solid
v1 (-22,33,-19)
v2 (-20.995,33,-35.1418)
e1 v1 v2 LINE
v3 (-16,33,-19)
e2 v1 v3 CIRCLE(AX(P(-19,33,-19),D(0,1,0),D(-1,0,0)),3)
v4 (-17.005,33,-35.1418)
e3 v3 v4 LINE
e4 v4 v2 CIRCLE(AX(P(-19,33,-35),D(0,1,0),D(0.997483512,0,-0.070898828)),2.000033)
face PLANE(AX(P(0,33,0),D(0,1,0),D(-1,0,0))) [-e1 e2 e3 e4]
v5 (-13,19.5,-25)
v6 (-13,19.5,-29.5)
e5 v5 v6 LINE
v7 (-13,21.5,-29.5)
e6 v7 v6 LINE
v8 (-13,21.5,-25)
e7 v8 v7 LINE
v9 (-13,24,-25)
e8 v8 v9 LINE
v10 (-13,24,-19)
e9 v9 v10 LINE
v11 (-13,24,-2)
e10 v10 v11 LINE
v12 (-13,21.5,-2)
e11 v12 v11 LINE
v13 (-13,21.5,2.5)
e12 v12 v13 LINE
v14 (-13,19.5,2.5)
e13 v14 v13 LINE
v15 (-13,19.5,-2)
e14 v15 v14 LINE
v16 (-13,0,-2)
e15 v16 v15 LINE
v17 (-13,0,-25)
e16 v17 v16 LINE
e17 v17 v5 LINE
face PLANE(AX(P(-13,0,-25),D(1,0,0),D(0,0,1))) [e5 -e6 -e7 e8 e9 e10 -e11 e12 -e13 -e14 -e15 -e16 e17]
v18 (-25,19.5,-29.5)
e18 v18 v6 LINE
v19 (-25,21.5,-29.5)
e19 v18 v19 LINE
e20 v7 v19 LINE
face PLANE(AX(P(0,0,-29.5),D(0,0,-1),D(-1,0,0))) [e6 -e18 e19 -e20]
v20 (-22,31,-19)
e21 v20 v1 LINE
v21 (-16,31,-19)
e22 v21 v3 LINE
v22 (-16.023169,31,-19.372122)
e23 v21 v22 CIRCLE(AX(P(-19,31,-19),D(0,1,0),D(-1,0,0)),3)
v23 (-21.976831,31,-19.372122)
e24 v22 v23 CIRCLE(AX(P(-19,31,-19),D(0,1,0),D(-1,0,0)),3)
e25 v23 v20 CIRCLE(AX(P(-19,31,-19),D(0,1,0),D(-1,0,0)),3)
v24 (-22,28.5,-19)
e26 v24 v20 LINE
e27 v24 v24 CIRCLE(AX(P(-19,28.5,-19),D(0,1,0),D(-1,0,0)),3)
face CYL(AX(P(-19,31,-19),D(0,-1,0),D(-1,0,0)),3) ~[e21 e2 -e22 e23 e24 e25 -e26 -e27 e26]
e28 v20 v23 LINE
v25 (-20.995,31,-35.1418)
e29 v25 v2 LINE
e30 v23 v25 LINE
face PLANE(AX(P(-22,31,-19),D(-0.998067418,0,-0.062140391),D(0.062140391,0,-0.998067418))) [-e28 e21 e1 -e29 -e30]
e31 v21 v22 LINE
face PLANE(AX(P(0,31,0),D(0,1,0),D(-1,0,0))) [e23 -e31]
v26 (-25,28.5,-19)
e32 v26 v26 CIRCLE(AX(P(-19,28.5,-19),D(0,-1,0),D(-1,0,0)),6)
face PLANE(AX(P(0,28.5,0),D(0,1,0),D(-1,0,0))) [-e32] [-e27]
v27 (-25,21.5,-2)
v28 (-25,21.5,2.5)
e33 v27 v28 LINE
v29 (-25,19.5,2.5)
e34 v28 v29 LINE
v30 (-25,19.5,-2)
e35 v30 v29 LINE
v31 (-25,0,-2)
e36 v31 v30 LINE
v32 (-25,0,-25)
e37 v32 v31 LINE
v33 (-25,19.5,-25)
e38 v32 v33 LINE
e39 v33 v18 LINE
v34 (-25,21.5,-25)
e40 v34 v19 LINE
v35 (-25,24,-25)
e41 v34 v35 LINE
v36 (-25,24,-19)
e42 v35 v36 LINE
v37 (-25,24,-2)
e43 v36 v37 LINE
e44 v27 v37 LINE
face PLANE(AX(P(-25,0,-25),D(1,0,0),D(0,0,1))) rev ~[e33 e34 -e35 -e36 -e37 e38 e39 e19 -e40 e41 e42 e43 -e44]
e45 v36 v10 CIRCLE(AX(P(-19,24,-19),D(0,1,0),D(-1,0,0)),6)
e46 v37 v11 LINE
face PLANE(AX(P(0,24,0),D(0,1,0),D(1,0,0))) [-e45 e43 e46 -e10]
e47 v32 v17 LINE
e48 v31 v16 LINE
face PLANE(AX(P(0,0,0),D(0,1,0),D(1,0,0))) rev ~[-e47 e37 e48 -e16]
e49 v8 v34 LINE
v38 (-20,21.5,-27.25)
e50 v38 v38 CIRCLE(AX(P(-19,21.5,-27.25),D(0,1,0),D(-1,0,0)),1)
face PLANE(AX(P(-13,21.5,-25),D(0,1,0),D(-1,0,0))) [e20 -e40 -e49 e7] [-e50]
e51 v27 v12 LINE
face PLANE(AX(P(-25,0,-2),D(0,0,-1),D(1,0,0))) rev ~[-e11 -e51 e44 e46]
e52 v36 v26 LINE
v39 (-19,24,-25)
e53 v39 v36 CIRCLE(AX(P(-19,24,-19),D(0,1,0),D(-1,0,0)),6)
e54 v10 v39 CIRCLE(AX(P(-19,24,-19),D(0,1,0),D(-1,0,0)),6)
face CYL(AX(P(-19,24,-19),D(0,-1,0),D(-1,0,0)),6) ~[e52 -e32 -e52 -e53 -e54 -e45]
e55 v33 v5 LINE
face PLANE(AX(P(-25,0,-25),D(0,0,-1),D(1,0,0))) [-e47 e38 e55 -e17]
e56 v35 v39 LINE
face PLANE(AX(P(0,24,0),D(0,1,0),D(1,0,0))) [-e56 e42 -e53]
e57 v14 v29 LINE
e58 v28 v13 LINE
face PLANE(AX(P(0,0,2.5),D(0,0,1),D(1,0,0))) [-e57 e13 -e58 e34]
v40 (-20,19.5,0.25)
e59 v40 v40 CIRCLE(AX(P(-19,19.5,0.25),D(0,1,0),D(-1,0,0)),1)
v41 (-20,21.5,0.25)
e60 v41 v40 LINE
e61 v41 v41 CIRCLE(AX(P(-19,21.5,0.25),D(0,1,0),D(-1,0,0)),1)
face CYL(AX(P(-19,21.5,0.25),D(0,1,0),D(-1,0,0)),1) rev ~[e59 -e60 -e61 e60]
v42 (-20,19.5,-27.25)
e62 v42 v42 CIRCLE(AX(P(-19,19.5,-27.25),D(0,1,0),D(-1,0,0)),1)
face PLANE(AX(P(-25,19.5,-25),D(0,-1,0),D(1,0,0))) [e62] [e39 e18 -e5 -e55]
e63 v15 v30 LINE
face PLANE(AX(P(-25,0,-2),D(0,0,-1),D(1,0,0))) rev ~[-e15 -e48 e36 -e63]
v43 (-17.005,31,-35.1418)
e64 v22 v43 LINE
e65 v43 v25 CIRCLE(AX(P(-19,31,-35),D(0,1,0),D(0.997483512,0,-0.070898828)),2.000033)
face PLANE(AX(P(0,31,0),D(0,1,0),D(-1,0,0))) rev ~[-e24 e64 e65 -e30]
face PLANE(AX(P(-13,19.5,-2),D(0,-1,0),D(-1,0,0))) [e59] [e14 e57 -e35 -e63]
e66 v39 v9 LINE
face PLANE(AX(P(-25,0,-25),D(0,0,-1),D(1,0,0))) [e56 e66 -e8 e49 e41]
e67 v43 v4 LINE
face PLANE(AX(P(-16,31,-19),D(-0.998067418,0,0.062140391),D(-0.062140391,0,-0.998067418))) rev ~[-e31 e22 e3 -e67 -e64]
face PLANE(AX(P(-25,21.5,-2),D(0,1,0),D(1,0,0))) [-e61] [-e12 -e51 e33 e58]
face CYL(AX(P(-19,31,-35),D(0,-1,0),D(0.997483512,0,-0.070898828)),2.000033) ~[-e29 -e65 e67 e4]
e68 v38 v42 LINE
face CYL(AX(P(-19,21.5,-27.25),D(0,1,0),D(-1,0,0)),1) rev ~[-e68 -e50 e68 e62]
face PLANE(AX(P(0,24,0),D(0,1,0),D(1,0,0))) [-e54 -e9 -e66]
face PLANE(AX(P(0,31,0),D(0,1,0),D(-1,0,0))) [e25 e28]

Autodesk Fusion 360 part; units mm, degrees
sketch "Boceto1" plane through (0, 0, 0) normal (0, 1, 0) x (1, 0, 0)
  line L0 (-25, 25) -> (-25, 2)
  line L1 (-25, 25) -> (-13, 25)
  line L2 (-13, 25) -> (-13, 2)
  line L3 (-25, 2) -> (-13, 2)
  dimension "d1" = 23
  dimension "d2" = 12
extrude "Extruir1" add sketch "Boceto1" along normal blind 24
sketch "Boceto2" plane through (0, 0, -2) normal (0, 0, 1) x (1, 0, 0)
  line L0 (-25, 0) -> (-13, 0)
  line L1 (-13, 0) -> (-13, 24)
  line L2 (-13, 24) -> (-25, 24)
  line L3 (-25, 24) -> (-25, 0)
  line L4 (-13, 19.5) -> (-25, 19.5)
  line L5 (-25, 19.5) -> (-25, 21.5)
  line L6 (-25, 21.5) -> (-13, 21.5)
  line L7 (-13, 21.5) -> (-13, 19.5)
  dimension "d5" = 19.5
  dimension "d6" = 2
extrude "Extruir2" add sketch "Boceto2" along normal blind 4.5 contours L1 L3 L4 L5 L6 L7
sketch "Boceto3" plane through (0, 0, -25) normal (0, 0, -1) x (-1, 0, 0)
  line L0 (13, 0) -> (25, 0)
  line L1 (25, 0) -> (25, 24)
  line L2 (25, 24) -> (13, 24)
  line L3 (13, 24) -> (13, 0)
  line L4 (25, 19.5) -> (13, 19.5)
  line L5 (13, 19.5) -> (13, 21.5)
  line L6 (13, 21.5) -> (25, 21.5)
  line L7 (25, 21.5) -> (25, 19.5)
  dimension "d9" = 19.5
  dimension "d10" = 2
extrude "Extruir3" add sketch "Boceto3" along normal blind 4.5 contours L1 L3 L4 L5 L6 L7
sketch "Boceto4" plane through (0, 21.5, 0) normal (0, 1, 0) x (-1, 0, 0)
  line L0 (13, -2) -> (25, -2)
  line L1 (25, -2) -> (25, 2.5)
  line L2 (25, 2.5) -> (13, 2.5)
  line L3 (13, 2.5) -> (13, -2)
  circle A0 centre (19, 0.25) radius 1
  dimension "d13" = 2
sketch "Boceto5" plane through (0, 21.5, 0) normal (0, 1, 0) x (-1, 0, 0)
  line L0 (25, -25) -> (13, -25)
  line L1 (13, -25) -> (13, -29.5)
  line L2 (13, -29.5) -> (25, -29.5)
  line L3 (25, -29.5) -> (25, -25)
  circle A0 centre (19, -27.25) radius 1
  dimension "d14" = 2
extrude "Extruir4" cut sketch "Boceto4" sketch "Boceto5" against normal blind 5 contours A0 of sketch 2 contours A0
sketch "Boceto6" plane through (0, 24, 0) normal (0, 1, 0) x (-1, 0, 0)
  line L0 (25, -25) -> (25, -2)
  line L1 (25, -2) -> (13, -2)
  line L2 (13, -2) -> (13, -25)
  line L3 (13, -25) -> (25, -25)
  line L4 (13, -25) -> (13, -19)
  circle A0 centre (19, -19) radius 6
extrude "Extruir5" add sketch "Boceto6" along normal blind 4.5 contours A0
sketch "Boceto7" plane through (0, 28.5, 0) normal (0, 1, 0) x (-1, 0, 0)
  circle A0 centre (19, -19) radius 6
  circle A1 centre (19, -19) radius 3
  dimension "d19" = 6
extrude "Extruir6" add sketch "Boceto7" along normal blind 2.5 contours A1
sketch "Boceto8" plane through (0, 31, 0) normal (0, 1, 0) x (-1, 0, 0)
  line L0 (22, -19) -> (20.995, -35.1418)
  line L1 (16, -19) -> (17.005, -35.1418)
  arc A0 (22, -19) -> (16, -19) centre (19, -19) ccw
  arc A1 (17.005, -35.1418) -> (20.995, -35.1418) centre (19, -35) ccw
extrude "Extruir7" add sketch "Boceto8" along normal blind 2
